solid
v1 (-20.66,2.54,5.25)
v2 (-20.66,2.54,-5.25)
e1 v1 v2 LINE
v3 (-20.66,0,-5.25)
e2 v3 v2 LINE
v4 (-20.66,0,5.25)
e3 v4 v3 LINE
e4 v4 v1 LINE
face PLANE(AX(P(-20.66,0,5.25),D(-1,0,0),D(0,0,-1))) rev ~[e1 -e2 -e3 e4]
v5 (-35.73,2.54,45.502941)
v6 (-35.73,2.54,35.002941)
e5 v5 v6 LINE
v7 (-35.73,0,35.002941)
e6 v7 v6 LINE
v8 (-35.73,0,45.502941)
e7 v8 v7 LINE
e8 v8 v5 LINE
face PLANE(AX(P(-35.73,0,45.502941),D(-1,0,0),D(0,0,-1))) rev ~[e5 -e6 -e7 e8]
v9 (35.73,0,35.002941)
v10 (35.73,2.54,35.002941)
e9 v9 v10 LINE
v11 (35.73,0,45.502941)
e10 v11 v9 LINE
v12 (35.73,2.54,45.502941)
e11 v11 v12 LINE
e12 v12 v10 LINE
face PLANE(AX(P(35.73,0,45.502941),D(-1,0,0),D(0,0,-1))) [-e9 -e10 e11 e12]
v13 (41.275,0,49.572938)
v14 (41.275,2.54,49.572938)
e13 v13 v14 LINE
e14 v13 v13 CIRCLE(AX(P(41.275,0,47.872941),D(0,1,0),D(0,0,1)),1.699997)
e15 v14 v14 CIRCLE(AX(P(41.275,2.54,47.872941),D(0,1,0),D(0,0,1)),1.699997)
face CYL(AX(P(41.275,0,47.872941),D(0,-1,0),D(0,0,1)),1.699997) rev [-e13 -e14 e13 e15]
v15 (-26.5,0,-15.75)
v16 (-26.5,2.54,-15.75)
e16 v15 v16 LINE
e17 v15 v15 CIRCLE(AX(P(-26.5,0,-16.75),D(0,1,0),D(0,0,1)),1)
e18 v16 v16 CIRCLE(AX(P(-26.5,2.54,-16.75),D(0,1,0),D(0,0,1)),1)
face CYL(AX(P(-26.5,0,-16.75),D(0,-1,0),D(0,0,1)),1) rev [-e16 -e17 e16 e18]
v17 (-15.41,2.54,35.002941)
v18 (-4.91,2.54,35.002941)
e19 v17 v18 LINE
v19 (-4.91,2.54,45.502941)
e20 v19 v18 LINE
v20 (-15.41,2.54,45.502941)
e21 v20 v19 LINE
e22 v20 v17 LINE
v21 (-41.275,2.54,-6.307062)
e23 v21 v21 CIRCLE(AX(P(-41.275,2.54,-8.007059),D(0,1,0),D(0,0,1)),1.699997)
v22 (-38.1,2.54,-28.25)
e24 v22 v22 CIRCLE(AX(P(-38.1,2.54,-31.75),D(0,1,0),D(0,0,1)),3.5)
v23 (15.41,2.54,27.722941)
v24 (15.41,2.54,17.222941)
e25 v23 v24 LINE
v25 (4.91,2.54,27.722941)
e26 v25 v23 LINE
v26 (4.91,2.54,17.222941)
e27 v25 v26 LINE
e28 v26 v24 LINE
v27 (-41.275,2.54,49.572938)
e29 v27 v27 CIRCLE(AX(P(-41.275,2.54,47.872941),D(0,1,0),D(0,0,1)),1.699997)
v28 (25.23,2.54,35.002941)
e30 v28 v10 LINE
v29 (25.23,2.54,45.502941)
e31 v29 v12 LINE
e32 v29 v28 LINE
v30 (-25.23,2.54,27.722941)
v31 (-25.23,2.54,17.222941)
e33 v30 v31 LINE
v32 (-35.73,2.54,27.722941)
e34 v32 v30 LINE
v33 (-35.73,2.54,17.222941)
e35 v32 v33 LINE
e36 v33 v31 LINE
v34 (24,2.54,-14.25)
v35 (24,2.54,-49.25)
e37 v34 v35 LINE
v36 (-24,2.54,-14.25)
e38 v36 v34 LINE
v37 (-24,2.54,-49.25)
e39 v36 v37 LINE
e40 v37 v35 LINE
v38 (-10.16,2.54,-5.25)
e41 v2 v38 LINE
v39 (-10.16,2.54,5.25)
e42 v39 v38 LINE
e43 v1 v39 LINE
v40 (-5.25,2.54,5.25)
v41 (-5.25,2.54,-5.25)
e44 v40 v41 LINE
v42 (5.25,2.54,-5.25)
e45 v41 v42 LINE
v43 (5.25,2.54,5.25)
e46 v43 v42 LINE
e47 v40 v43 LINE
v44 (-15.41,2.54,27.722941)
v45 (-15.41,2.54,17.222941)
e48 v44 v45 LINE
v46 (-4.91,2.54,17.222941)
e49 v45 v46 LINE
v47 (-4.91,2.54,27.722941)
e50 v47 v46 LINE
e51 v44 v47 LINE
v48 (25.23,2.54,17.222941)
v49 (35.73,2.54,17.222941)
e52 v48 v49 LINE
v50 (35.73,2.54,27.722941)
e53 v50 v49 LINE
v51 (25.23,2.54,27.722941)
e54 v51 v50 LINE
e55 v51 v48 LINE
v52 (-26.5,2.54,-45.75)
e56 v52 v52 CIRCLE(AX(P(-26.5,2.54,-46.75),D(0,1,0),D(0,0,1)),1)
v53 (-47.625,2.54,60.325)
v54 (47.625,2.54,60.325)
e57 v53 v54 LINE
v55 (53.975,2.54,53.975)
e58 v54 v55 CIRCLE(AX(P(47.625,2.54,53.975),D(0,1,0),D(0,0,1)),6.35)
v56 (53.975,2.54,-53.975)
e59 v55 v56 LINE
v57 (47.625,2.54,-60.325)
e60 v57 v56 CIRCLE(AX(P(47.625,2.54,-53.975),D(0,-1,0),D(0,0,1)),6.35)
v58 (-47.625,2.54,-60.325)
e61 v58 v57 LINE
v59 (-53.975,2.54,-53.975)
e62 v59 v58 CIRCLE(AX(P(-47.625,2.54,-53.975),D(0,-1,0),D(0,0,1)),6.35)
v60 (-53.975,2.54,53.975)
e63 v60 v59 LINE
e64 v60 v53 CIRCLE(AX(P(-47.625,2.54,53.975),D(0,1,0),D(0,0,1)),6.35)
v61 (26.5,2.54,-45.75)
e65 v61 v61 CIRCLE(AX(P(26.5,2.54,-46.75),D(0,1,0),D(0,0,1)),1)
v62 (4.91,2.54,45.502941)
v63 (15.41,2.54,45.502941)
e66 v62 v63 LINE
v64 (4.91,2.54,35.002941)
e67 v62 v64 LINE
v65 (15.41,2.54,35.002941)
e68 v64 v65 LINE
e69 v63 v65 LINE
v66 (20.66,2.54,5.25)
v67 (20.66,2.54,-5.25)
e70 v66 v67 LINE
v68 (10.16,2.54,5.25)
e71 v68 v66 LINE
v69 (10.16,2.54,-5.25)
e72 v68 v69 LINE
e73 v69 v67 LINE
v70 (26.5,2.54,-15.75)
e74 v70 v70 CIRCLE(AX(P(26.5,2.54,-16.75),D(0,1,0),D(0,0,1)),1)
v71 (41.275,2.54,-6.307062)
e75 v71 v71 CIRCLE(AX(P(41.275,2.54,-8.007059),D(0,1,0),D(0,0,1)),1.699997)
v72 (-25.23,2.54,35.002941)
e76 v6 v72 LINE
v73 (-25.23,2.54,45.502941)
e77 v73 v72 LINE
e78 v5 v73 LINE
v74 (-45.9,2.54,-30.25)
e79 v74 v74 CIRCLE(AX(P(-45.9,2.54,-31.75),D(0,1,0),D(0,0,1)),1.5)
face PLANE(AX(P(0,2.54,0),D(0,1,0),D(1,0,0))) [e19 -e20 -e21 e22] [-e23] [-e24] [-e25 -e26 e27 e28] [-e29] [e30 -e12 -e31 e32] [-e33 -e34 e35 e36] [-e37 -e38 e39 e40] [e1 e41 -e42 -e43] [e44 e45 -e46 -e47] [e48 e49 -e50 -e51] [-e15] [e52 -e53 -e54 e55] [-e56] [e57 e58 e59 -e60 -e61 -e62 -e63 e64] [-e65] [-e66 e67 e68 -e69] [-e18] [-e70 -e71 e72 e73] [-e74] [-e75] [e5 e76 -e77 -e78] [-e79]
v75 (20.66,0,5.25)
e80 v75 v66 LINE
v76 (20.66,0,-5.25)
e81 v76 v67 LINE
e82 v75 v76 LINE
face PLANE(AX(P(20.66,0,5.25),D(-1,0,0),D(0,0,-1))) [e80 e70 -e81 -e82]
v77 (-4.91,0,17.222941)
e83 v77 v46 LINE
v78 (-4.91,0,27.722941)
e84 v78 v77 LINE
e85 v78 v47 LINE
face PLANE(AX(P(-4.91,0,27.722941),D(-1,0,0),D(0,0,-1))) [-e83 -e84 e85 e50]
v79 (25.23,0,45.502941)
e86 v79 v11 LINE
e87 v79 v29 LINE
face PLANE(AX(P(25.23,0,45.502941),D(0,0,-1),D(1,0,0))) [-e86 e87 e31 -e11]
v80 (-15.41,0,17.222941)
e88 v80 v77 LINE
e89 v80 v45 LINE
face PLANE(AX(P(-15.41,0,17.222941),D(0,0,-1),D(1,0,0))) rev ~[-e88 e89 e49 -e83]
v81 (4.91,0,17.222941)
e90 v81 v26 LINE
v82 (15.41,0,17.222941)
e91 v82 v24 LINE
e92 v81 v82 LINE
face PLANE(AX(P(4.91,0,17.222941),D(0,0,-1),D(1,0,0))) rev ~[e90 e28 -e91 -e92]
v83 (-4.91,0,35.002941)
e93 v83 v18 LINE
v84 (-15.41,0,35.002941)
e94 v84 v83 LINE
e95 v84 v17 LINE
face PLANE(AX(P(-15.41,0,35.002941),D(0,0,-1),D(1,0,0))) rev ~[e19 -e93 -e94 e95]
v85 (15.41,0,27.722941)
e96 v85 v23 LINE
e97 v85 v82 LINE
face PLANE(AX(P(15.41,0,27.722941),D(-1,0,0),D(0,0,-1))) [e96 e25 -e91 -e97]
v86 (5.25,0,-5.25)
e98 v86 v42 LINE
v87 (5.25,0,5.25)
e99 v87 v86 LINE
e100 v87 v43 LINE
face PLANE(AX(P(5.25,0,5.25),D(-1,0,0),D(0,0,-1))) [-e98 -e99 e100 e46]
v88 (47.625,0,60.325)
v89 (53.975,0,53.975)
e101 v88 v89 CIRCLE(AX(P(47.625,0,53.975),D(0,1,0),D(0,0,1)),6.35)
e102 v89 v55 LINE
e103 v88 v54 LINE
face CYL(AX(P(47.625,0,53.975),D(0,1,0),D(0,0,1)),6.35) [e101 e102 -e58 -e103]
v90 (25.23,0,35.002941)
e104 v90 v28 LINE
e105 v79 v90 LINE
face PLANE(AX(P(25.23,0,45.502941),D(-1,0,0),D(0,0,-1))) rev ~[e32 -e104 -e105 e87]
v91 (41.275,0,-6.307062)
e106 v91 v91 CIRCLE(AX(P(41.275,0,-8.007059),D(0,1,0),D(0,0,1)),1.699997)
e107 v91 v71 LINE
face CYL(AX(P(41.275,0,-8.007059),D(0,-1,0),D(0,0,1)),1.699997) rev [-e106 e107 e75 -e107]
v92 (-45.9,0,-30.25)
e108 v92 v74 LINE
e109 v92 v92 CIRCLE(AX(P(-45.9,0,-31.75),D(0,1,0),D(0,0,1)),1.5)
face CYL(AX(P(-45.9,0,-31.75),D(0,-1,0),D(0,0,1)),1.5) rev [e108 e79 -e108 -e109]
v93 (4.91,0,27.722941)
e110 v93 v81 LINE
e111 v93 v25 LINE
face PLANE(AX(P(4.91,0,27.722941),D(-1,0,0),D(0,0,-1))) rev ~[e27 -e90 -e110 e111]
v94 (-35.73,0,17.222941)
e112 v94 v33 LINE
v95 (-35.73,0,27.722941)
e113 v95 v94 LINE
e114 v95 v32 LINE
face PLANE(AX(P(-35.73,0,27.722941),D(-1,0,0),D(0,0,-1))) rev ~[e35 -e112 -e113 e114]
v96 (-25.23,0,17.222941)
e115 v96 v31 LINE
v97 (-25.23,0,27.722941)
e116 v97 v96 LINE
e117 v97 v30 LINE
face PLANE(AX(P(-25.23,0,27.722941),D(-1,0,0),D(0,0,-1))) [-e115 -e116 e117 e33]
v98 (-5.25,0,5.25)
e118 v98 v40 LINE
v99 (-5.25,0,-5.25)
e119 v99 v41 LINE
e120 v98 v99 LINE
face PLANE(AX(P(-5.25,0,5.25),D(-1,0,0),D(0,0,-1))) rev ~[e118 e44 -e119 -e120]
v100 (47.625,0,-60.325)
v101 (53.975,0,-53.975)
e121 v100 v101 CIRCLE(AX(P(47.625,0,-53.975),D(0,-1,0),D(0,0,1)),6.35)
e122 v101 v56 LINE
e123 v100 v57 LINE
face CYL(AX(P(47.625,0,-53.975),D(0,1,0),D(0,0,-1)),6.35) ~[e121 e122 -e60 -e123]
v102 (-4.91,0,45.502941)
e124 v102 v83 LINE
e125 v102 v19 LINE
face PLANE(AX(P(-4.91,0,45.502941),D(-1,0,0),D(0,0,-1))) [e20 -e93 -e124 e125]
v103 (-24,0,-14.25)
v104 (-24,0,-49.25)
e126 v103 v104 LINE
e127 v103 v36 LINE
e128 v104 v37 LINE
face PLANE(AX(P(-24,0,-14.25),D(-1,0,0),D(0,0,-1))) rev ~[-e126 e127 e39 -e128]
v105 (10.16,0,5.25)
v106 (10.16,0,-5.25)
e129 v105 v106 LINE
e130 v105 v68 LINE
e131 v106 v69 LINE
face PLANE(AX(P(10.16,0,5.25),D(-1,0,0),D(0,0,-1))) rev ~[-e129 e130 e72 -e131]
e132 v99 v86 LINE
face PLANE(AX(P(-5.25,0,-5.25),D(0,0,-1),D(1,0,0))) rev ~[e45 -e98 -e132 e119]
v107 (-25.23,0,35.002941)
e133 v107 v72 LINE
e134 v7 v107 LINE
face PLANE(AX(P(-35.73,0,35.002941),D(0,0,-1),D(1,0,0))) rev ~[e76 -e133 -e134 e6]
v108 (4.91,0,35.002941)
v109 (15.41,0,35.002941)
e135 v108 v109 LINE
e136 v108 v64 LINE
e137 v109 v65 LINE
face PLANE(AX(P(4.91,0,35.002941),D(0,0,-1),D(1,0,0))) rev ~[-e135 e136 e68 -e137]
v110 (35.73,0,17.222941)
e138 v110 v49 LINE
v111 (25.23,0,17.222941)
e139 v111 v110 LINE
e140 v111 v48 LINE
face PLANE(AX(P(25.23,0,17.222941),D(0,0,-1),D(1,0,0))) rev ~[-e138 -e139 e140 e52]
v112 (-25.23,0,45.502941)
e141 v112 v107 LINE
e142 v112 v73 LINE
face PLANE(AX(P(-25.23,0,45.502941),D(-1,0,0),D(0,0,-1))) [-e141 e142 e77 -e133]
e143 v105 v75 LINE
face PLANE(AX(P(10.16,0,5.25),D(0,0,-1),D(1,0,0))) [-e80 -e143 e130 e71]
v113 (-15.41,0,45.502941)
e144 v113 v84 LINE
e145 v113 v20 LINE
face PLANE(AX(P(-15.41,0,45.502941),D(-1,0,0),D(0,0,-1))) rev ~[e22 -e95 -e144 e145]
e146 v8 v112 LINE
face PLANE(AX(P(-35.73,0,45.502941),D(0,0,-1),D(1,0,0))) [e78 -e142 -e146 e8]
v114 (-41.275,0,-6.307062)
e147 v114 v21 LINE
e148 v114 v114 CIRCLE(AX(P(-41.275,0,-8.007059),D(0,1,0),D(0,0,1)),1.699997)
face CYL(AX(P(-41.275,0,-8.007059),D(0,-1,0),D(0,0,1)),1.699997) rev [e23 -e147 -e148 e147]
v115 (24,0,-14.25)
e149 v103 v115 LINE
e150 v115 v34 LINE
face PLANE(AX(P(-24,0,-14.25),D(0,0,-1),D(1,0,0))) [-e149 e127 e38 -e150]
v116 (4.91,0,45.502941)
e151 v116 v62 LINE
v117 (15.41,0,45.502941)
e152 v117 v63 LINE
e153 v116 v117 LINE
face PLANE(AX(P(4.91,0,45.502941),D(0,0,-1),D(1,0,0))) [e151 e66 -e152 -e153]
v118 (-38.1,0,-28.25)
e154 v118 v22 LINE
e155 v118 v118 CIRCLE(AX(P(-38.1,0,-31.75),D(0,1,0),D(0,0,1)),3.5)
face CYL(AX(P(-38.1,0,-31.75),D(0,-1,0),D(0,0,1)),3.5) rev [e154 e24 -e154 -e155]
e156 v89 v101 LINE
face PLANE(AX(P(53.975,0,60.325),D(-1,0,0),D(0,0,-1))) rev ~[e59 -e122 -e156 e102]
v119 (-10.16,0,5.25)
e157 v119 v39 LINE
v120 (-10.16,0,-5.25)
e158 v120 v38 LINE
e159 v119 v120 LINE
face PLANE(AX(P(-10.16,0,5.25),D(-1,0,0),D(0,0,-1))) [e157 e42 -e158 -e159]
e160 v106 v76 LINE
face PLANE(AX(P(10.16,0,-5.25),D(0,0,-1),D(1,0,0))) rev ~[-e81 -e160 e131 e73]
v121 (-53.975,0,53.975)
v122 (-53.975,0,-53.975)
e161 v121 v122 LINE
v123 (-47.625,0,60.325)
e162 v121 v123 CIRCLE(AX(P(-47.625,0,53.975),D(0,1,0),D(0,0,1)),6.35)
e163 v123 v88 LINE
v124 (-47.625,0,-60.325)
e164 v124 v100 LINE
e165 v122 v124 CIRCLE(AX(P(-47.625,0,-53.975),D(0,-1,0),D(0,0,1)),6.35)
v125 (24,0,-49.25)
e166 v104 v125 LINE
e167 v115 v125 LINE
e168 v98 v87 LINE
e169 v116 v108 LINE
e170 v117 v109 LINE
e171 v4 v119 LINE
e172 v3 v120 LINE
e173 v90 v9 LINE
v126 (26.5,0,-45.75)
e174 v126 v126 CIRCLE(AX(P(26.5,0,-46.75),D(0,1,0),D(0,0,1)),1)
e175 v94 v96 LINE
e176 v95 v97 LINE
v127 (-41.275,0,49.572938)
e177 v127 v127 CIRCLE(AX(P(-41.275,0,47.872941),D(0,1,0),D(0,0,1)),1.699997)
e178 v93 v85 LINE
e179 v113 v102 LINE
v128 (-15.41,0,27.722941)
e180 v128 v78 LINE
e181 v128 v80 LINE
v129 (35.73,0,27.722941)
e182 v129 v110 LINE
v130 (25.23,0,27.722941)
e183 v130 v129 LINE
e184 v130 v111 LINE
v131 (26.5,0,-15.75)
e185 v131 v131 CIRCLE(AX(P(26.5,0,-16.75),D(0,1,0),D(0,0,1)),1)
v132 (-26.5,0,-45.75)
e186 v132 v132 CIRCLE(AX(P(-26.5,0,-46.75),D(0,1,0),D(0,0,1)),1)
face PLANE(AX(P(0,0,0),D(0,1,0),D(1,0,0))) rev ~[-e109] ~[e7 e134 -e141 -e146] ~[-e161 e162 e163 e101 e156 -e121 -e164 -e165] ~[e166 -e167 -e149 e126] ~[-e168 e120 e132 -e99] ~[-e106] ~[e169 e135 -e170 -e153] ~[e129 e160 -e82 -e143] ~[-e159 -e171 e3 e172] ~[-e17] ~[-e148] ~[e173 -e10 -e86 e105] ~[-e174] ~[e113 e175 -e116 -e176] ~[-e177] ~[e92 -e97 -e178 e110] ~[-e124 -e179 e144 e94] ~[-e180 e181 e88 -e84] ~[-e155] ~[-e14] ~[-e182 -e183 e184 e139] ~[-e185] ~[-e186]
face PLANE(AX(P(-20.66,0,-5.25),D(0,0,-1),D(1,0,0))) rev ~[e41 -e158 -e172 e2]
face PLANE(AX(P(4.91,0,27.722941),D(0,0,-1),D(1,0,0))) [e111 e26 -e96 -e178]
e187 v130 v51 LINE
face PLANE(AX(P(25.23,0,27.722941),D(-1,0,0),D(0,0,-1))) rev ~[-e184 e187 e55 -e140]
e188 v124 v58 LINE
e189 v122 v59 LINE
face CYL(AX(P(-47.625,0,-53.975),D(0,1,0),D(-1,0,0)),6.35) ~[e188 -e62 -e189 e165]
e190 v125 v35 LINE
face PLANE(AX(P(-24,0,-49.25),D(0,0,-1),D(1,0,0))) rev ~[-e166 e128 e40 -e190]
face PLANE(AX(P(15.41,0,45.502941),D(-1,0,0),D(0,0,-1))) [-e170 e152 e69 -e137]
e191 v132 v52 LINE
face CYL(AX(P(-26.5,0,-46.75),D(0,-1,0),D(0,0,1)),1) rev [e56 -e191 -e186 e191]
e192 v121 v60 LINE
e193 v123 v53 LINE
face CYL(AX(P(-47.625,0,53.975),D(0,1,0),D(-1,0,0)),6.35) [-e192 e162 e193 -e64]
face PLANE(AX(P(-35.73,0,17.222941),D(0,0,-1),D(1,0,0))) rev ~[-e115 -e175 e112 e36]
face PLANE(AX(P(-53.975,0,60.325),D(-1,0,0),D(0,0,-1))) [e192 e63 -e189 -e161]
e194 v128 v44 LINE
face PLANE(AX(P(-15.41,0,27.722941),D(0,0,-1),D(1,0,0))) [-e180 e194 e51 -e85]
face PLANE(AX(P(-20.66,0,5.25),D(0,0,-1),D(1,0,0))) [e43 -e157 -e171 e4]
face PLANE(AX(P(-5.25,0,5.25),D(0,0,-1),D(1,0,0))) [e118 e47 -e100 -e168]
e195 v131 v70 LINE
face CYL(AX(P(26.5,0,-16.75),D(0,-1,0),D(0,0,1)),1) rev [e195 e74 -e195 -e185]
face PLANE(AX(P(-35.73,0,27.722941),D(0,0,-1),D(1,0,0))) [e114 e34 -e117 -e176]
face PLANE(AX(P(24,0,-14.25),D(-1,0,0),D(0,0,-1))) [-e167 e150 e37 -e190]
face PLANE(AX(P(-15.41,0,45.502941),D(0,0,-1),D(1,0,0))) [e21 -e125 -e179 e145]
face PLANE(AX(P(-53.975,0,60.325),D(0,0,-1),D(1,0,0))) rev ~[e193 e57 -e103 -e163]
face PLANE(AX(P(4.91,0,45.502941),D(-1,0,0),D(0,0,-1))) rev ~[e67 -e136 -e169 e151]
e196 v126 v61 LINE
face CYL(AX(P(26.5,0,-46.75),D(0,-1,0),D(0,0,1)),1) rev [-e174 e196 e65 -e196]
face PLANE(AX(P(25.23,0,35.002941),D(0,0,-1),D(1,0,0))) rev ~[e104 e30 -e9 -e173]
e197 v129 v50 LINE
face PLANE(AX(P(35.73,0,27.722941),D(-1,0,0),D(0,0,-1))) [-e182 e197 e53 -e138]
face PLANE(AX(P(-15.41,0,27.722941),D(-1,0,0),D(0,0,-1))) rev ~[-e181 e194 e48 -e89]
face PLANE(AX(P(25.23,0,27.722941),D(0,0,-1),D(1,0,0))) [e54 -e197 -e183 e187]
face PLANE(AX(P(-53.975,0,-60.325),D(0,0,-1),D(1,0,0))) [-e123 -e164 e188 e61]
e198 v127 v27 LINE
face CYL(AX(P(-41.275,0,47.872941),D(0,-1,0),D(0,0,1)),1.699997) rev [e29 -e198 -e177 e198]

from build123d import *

# Parameters (mm, degrees)
SKETCH1_W           = 107.95
SKETCH1_H           = 120.65
SKETCH1_R           = 3.5
SKETCH1_R_2         = 1
SKETCH1_R_3         = 1.5
SKETCH1_R_4         = 1.6999966
SKETCH1_W_2         = 48
SKETCH1_H_2         = 35
SKETCH1_W_3         = 10.5
SKETCH1_H_3         = 10.5
BOSS_EXTRUDE1_DEPTH = 2.54
FILLET1_R           = 6.35


with BuildPart() as part:
    # Sketch1 → Boss-Extrude1 (new body)
    with BuildSketch(Plane(origin=(0, 0, 0), x_dir=(1, 0, 0), z_dir=(0, 1, 0))):
        Rectangle(SKETCH1_W, SKETCH1_H)
        with Locations(Location((-38.1, 31.75, 0), (0, 0, 270))):
            Circle(SKETCH1_R, mode=Mode.SUBTRACT)
        with Locations(Location((-26.5, 46.75, 0), (0, 0, 270))):
            Circle(SKETCH1_R_2, mode=Mode.SUBTRACT)
        with Locations(Location((26.5, 46.75, 0), (0, 0, 270))):
            Circle(SKETCH1_R_2, mode=Mode.SUBTRACT)
        with Locations(Location((26.5, 16.75, 0), (0, 0, 270))):
            Circle(SKETCH1_R_2, mode=Mode.SUBTRACT)
        with Locations(Location((-26.5, 16.75, 0), (0, 0, 270))):
            Circle(SKETCH1_R_2, mode=Mode.SUBTRACT)
        with Locations(Location((-45.9, 31.75, 0), (0, 0, 270))):
            Circle(SKETCH1_R_3, mode=Mode.SUBTRACT)
        with Locations(Location((-41.275, 8.007058824, 0), (0, 0, 270))):
            Circle(SKETCH1_R_4, mode=Mode.SUBTRACT)
        with Locations(Location((41.275, 8.007058824, 0), (0, 0, 270))):
            Circle(SKETCH1_R_4, mode=Mode.SUBTRACT)
        with Locations(Location((41.275, -47.872941176, 0), (0, 0, 270))):
            Circle(SKETCH1_R_4, mode=Mode.SUBTRACT)
        with Locations(Location((-41.275, -47.872941176, 0), (0, 0, 270))):
            Circle(SKETCH1_R_4, mode=Mode.SUBTRACT)
        with Locations((0, 31.75)):
            Rectangle(SKETCH1_W_2, SKETCH1_H_2, mode=Mode.SUBTRACT)
        with Locations((30.48, -40.252941176)):
            Rectangle(SKETCH1_W_3, SKETCH1_H_3, mode=Mode.SUBTRACT)
        with Locations((-30.48, -22.472941176)):
            Rectangle(SKETCH1_W_3, SKETCH1_H_3, mode=Mode.SUBTRACT)
        with Locations((-10.16, -22.472941176)):
            Rectangle(SKETCH1_W_3, SKETCH1_H_3, mode=Mode.SUBTRACT)
        with Locations((10.16, -22.472941176)):
            Rectangle(SKETCH1_W_3, SKETCH1_H_3, mode=Mode.SUBTRACT)
        with Locations((30.48, -22.472941176)):
            Rectangle(SKETCH1_W_3, SKETCH1_H_3, mode=Mode.SUBTRACT)
        with Locations((10.16, -40.252941176)):
            Rectangle(SKETCH1_W_3, SKETCH1_H_3, mode=Mode.SUBTRACT)
        with Locations((-10.16, -40.252941176)):
            Rectangle(SKETCH1_W_3, SKETCH1_H_3, mode=Mode.SUBTRACT)
        with Locations((-30.48, -40.252941176)):
            Rectangle(SKETCH1_W_3, SKETCH1_H_3, mode=Mode.SUBTRACT)
        Rectangle(SKETCH1_W_3, SKETCH1_H_3, mode=Mode.SUBTRACT)
        with Locations((-15.41, 0)):
            Rectangle(SKETCH1_W_3, SKETCH1_H_3, mode=Mode.SUBTRACT)
        with Locations((15.41, 0)):
            Rectangle(SKETCH1_W_3, SKETCH1_H_3, mode=Mode.SUBTRACT)
    extrude(amount=BOSS_EXTRUDE1_DEPTH)

    # Fillet1
    fillet1_edges = [part.edges().sort_by_distance(p)[0] for p in [
        (53.975, 1.27, 60.325),
        (-53.975, 1.27, 60.325),
        (-53.975, 1.27, -60.325),
        (53.975, 1.27, -60.325),
    ]]
    fillet(fillet1_edges, radius=FILLET1_R)


solid = part.part
